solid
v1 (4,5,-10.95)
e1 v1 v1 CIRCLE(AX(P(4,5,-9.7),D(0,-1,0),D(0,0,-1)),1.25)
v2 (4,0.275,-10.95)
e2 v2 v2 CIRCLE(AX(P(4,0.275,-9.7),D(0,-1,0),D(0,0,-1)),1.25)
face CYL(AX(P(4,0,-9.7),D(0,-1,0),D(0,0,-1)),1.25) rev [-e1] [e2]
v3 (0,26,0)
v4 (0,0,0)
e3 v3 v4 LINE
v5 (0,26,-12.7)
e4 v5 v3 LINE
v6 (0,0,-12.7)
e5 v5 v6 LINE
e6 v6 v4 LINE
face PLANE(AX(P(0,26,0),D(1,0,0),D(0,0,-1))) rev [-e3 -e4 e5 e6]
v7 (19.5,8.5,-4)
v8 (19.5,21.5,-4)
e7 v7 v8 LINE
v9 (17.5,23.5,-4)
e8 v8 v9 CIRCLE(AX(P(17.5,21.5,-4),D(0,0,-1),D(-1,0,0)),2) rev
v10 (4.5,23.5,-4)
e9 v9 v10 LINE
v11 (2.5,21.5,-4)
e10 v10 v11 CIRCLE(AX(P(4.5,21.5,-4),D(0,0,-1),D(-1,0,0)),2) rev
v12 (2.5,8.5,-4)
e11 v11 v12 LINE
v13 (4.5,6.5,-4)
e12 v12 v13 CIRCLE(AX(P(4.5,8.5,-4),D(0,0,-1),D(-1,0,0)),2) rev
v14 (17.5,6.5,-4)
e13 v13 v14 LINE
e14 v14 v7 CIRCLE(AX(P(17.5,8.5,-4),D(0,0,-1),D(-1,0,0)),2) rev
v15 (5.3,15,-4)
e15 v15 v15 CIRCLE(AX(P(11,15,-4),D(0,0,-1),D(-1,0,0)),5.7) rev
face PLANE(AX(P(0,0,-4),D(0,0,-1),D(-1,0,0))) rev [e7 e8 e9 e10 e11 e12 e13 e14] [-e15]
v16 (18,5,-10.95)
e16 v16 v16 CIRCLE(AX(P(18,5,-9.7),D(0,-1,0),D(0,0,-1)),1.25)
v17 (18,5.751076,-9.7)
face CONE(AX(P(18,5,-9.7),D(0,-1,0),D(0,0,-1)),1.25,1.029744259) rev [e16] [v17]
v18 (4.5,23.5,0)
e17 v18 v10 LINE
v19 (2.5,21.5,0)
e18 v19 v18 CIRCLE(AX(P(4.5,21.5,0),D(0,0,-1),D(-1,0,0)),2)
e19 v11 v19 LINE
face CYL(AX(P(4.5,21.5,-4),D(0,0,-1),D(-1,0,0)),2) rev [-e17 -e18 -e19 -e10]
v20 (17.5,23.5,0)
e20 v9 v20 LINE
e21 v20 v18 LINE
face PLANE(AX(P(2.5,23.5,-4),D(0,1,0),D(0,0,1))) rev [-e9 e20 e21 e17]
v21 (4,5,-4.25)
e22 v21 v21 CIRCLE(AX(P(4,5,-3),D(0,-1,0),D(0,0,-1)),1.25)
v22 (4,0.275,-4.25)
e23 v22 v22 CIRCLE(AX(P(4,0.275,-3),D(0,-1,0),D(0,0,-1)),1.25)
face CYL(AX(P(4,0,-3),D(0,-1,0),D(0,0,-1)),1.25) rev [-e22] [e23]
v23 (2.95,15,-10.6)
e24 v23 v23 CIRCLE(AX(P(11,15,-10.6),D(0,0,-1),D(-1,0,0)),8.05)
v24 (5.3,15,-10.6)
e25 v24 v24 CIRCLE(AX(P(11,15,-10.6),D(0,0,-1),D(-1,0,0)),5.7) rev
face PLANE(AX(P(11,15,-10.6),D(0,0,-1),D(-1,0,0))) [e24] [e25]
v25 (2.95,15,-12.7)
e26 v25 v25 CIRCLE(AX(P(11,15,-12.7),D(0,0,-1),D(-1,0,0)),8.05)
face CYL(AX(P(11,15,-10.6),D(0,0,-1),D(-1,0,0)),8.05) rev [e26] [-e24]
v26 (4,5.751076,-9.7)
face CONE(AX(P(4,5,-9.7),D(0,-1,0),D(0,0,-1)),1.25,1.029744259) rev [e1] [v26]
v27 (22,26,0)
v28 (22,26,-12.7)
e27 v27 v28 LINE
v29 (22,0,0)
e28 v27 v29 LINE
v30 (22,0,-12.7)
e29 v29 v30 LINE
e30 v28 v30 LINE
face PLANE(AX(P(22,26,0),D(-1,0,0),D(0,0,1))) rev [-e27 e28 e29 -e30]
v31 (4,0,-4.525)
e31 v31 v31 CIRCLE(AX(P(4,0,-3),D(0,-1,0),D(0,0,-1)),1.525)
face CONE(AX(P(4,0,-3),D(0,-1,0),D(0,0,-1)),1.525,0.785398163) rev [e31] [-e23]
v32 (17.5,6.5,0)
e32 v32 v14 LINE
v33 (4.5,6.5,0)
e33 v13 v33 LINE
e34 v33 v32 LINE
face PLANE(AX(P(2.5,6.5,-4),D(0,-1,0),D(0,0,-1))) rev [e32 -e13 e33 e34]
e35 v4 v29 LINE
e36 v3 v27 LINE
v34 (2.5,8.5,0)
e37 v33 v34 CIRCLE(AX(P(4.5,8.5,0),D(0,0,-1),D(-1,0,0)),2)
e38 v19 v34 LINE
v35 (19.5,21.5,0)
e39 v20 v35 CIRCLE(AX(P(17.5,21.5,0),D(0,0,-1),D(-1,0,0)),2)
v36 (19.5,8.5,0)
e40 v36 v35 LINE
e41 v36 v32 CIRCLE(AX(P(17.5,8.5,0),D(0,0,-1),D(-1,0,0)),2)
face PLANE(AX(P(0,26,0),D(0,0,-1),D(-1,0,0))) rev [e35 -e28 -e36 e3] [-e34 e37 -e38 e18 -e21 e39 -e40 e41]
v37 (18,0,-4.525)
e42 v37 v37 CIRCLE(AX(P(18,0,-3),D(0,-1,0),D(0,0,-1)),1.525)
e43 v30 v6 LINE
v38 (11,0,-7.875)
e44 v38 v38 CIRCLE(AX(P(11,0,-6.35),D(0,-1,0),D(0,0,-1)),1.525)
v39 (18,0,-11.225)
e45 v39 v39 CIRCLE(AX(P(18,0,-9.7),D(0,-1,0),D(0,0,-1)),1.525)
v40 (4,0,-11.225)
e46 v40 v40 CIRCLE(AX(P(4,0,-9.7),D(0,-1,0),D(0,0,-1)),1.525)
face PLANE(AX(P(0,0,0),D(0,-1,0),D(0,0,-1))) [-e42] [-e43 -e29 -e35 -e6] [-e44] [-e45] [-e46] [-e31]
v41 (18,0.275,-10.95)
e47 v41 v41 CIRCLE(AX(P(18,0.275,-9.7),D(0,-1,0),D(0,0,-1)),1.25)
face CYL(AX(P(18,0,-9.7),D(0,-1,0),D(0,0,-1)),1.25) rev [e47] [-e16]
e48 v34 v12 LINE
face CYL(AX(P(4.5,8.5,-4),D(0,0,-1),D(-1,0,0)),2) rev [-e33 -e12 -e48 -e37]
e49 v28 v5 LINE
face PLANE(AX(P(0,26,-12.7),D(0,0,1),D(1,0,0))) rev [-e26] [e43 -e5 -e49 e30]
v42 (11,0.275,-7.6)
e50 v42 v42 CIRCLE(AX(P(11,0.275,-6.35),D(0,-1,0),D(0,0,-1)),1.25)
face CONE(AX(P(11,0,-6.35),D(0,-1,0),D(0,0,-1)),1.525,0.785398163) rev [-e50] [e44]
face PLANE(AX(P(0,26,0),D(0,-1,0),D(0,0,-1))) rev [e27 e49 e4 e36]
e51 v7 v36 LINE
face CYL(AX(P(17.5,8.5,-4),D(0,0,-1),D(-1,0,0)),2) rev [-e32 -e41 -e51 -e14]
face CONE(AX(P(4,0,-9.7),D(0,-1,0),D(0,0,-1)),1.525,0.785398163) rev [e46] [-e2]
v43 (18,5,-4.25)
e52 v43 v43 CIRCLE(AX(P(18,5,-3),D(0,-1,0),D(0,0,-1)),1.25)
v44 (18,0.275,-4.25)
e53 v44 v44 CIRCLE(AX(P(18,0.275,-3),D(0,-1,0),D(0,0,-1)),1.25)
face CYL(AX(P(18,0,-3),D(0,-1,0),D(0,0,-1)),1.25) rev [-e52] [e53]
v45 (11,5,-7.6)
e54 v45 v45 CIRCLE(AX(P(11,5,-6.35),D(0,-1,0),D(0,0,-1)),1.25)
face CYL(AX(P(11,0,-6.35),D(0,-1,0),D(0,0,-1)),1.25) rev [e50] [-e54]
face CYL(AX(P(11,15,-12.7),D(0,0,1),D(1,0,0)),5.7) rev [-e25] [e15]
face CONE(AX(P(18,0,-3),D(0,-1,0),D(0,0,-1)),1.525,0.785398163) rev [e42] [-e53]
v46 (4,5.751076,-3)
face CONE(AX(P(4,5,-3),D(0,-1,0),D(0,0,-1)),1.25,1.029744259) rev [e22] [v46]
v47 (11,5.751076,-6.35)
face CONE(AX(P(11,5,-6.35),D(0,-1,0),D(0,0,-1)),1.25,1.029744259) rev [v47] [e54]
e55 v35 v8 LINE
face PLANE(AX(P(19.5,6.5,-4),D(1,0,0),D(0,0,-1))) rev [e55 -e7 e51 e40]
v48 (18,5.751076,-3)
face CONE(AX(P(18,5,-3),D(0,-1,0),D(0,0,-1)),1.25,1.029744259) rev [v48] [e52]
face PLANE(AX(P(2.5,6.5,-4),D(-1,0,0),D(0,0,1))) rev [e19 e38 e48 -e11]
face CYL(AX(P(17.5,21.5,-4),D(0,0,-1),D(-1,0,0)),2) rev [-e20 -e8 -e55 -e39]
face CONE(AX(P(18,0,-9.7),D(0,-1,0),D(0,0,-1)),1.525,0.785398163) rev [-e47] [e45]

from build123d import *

# Parameters (mm, degrees)
SKETCH1_W                       = 22
SKETCH1_H                       = 12.7
BOSS_EXTRUDE1_DEPTH             = 26
M3X0_5_TAPPED_HOLE2_D           = 2.5
M3X0_5_TAPPED_HOLE2_DEPTH       = 5
M3X0_5_TAPPED_HOLE2_CSINK_D     = 3.05
M3X0_5_TAPPED_HOLE2_CSINK_ANGLE = 90
M3X0_5_TAPPED_HOLE2_TIP         = 0.751075774
SKETCH7_R                       = 5.7
CUT_EXTRUDE1_DEPTH              = 13.7
SKETCH8_W                       = 17
SKETCH8_H                       = 17
CUT_EXTRUDE2_DEPTH              = 4
FILLET1_R                       = 2
SKETCH9_R                       = 8.05
CUT_EXTRUDE3_DEPTH              = 2.1


with BuildPart() as part:
    # Sketch1 → Boss-Extrude1 (new body)
    with BuildSketch(Plane(origin=(0, 0, 0), x_dir=(1, 0, 0), z_dir=(0, 1, 0))):
        with Locations((11, 6.35)):
            Rectangle(SKETCH1_W, SKETCH1_H)
    extrude(amount=BOSS_EXTRUDE1_DEPTH)

    # Sketch2 → M3x0.5 Tapped Hole1 (revolve, cut)
    with BuildSketch(Plane(origin=(18, 0, -3), x_dir=(0, 0, -1), z_dir=(1, 0, 0))):
        Polygon((0, 0), (0, 5.751075774), (1.25, 5), (1.25, 0.275), (1.525, 0), align=None)
    m3x0_5_tapped_hole1 = revolve(axis=Axis((18, -6.35, -3), (0, 1, 0)), mode=Mode.SUBTRACT)

    # Mirror1: M3x0.5 Tapped Hole1 across plane
    add(m3x0_5_tapped_hole1.mirror(Plane.XY.offset(-6.35)), mode=Mode.SUBTRACT)

    # Mirror2: M3x0.5 Tapped Hole1 across plane
    add(m3x0_5_tapped_hole1.mirror(Plane(origin=(11, 0, 0), x_dir=(0, 0, 1), z_dir=(1, 0, 0))), mode=Mode.SUBTRACT)

    # Mirror2 copy 1 sketch → Mirror2 copy 1 (revolve, cut)
    with BuildSketch(Plane(origin=(4, 0, -9.7), x_dir=(0, 0, 1), z_dir=(-1, 0, 0))):
        Polygon((0, 0), (0, 5.751075774), (1.25, 5), (1.25, 0.275), (1.525, 0), align=None)
    revolve(axis=Axis((4, -6.35, -9.7), (0, 1, 0)), mode=Mode.SUBTRACT)

    # M3x0.5 Tapped Hole2
    with Locations(Plane(origin=(0, 0, 0), x_dir=(-1, 0, 0), z_dir=(0, -1, 0))):
        with Locations((-11, 6.35)):
            CounterSinkHole(M3X0_5_TAPPED_HOLE2_D / 2, M3X0_5_TAPPED_HOLE2_CSINK_D / 2, depth=M3X0_5_TAPPED_HOLE2_DEPTH, counter_sink_angle=M3X0_5_TAPPED_HOLE2_CSINK_ANGLE)
            with Locations((0, 0, -(M3X0_5_TAPPED_HOLE2_DEPTH + M3X0_5_TAPPED_HOLE2_TIP / 2))):  # 118° drill point
                Cone(0, M3X0_5_TAPPED_HOLE2_D / 2, M3X0_5_TAPPED_HOLE2_TIP, mode=Mode.SUBTRACT)

    # Sketch7 → Cut-Extrude1 (cut, through all)
    with BuildSketch(Plane.XY):
        with Locations((11, 15)):
            Circle(SKETCH7_R)
    extrude(amount=-CUT_EXTRUDE1_DEPTH, mode=Mode.SUBTRACT)

    # Sketch8 → Cut-Extrude2 (cut)
    with BuildSketch(Plane.XY):
        with Locations((11, 15)):
            Rectangle(SKETCH8_W, SKETCH8_H)
    extrude(amount=-CUT_EXTRUDE2_DEPTH, mode=Mode.SUBTRACT)

    # Fillet1
    fillet1_edges = [part.edges().sort_by_distance(p)[0] for p in [
        (2.5, 6.5, -2),
        (2.5, 23.5, -2),
        (19.5, 23.5, -2),
        (19.5, 6.5, -2),
    ]]
    fillet(fillet1_edges, radius=FILLET1_R)

    # Sketch9 → Cut-Extrude3 (cut)
    with BuildSketch(Plane(origin=(0, 0, -12.7), x_dir=(-1, 0, 0), z_dir=(0, 0, -1))):
        with Locations((-11, 15)):
            Circle(SKETCH9_R)
    extrude(amount=-CUT_EXTRUDE3_DEPTH, mode=Mode.SUBTRACT)


solid = part.part
